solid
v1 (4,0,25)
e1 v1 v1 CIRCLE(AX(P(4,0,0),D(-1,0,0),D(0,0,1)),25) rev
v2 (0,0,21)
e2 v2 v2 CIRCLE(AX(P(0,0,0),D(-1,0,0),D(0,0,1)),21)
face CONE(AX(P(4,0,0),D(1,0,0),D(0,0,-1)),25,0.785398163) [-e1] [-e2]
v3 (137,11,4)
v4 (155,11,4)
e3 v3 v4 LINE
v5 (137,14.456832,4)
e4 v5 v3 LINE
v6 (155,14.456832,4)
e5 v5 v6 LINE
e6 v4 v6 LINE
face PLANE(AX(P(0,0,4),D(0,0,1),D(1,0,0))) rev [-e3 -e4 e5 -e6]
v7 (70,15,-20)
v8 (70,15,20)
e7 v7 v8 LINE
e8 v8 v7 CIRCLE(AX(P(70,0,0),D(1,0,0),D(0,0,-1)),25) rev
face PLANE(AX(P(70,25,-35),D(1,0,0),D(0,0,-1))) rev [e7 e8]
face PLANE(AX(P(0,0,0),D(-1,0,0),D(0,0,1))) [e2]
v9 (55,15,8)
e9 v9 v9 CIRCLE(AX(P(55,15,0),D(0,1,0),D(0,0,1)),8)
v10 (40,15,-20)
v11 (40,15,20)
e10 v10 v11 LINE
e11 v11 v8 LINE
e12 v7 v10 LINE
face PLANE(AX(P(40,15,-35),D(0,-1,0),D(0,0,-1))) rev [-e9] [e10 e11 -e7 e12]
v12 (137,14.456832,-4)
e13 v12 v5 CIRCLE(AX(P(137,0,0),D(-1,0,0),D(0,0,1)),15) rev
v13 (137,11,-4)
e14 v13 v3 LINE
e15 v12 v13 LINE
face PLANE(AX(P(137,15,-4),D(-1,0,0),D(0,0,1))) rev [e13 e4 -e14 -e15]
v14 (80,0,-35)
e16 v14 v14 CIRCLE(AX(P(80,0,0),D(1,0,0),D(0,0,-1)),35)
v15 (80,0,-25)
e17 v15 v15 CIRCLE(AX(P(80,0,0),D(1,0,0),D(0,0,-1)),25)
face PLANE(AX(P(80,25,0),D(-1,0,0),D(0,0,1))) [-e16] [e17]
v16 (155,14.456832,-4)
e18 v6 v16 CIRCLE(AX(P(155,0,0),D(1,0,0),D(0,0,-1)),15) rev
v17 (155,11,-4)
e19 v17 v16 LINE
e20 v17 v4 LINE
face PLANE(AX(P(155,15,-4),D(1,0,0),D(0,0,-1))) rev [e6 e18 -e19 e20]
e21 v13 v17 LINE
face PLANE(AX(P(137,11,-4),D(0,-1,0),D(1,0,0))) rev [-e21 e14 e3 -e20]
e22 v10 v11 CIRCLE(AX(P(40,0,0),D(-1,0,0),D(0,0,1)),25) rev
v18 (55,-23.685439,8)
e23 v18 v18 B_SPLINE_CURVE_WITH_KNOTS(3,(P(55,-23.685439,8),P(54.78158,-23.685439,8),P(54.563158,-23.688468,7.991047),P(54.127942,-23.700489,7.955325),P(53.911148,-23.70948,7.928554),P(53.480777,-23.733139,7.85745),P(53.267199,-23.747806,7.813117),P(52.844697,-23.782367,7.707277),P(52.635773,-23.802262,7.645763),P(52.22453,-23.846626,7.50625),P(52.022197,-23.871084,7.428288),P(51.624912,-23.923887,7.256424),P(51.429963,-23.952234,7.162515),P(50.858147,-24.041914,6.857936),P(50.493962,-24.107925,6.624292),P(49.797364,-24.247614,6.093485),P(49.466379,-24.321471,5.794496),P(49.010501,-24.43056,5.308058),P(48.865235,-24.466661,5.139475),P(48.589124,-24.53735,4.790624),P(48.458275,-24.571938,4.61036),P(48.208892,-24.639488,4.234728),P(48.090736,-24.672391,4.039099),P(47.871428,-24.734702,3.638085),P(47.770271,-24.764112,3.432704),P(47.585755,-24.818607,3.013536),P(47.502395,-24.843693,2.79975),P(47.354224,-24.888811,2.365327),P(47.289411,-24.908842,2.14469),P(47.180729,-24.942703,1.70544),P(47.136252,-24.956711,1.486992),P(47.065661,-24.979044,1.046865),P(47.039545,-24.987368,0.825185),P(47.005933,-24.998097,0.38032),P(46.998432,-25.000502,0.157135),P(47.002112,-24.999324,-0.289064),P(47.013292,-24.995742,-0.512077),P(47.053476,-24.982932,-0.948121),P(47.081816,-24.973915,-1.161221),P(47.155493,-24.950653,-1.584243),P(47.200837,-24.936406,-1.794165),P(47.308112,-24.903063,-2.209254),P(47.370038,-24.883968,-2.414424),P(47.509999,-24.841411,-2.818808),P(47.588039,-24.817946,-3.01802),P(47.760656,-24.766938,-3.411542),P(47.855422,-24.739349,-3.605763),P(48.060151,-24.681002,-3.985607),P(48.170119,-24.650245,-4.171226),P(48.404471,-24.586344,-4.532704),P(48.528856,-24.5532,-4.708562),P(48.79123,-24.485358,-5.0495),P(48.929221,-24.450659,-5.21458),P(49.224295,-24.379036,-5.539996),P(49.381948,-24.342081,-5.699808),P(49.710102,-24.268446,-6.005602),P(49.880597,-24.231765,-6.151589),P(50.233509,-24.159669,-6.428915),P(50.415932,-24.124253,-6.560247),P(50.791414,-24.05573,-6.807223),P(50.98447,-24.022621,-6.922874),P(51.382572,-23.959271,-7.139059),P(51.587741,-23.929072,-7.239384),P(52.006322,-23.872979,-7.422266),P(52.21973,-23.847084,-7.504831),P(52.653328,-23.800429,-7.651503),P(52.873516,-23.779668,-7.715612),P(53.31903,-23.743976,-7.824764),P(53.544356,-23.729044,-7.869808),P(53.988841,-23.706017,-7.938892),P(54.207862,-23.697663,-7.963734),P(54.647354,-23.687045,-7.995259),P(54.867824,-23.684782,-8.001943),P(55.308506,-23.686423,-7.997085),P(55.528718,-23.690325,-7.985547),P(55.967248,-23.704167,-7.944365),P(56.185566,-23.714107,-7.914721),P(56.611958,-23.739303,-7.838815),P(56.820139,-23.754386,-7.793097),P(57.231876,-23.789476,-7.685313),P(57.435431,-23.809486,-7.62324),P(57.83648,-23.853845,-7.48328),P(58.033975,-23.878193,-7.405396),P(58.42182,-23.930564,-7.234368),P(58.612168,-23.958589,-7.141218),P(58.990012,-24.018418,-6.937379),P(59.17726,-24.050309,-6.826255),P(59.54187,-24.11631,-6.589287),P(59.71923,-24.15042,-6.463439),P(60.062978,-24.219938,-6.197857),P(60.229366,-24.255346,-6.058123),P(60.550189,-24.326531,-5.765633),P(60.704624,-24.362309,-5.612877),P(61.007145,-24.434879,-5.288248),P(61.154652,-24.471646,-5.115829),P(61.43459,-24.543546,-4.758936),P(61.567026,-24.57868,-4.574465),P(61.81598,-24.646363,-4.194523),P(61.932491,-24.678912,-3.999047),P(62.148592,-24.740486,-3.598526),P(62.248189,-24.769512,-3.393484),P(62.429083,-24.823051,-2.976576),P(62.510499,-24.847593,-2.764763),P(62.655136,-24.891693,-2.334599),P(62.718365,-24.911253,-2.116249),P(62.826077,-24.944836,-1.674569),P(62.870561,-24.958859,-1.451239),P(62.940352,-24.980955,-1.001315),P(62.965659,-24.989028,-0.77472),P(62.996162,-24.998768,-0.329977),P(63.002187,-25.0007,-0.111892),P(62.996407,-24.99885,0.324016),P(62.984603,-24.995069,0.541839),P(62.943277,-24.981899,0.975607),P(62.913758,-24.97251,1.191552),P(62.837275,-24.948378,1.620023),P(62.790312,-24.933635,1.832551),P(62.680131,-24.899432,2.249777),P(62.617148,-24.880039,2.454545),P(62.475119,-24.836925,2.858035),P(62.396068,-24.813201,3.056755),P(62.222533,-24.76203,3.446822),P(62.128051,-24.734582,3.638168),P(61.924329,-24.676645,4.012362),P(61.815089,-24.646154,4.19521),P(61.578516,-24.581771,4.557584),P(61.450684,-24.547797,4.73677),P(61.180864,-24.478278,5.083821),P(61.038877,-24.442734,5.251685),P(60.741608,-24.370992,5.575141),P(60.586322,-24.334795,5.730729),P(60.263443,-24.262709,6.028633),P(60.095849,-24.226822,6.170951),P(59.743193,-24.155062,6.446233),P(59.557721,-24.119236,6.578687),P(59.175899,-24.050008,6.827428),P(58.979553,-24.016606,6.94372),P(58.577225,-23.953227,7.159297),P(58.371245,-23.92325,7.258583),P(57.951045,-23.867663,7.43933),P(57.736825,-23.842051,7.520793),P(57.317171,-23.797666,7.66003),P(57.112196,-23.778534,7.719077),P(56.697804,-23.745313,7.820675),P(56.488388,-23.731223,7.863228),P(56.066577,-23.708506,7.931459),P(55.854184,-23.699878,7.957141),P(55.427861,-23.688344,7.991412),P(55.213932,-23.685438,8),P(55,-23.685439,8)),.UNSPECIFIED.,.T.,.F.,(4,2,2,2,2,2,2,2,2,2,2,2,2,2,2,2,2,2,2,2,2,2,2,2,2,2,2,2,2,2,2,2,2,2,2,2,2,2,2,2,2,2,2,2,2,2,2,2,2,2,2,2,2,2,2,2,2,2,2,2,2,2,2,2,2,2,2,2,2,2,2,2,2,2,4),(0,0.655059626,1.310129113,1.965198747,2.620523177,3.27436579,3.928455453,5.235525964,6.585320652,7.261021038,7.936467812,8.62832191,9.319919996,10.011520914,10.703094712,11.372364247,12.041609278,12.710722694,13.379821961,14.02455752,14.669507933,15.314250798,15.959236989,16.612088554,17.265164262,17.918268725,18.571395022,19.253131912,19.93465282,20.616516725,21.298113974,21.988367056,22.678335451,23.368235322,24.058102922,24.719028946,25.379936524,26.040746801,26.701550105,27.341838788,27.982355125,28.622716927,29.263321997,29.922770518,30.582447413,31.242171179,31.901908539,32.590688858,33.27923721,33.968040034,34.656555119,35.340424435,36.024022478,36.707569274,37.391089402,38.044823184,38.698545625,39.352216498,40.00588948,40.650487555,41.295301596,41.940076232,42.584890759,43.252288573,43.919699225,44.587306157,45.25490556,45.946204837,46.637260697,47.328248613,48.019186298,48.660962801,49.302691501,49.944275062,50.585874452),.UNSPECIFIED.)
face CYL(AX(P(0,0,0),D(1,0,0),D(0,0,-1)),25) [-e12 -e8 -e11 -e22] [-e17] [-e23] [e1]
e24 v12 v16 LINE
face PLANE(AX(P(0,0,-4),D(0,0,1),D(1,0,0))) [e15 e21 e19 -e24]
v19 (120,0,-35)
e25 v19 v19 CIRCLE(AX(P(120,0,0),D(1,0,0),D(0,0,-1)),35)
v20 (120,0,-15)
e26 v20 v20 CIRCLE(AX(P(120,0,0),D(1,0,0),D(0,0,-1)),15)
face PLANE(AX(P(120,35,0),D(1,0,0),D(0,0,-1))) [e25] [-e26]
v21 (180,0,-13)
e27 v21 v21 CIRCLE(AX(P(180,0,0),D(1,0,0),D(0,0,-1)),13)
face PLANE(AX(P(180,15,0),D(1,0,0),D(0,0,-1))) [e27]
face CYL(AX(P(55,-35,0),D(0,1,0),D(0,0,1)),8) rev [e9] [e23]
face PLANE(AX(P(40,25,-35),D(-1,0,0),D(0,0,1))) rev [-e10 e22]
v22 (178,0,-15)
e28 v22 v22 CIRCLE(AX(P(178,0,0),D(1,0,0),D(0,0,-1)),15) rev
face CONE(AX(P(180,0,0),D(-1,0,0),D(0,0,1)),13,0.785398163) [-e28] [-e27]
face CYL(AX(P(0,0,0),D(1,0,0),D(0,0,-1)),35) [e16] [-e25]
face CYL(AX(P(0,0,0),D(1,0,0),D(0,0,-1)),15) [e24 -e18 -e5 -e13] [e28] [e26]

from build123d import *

# Parameters (mm, degrees)
CUT_EXTRUDE_7_DEPTH      = 187.681547026
CUT_EXTRUDE_7_DEPTH_BACK = 187.681547026
SKETCH_10_W              = 30
SKETCH_10_H              = 10
SKETCH_14_R              = 8
CUT_EXTRUDE_8_DEPTH      = 191.065778087
SKETCH_6_W               = 18
SKETCH_6_H               = 4
CUT_EXTRUDE_4_DEPTH      = 4
CHAMFER_3_SIZE           = 2
CHAMFER_4_SIZE           = 4


with BuildPart() as part:
    # Эскиз1 → Повернуть1 (revolve)
    with BuildSketch(Plane.XY, mode=Mode.PRIVATE) as revolve_1_sk:
        Polygon((0, 0), (0, 25), (80, 25), (80, 35), (120, 35), (120, 15), (180, 15), (180, 0), align=None)
    revolve(revolve_1_sk.sketch.rotate(Axis((0, 0, 0), (-1, 0, 0)), 90), axis=Axis((0, 0, 0), (-1, 0, 0)))

    # Эскиз10 → Вырез-Вытянуть7 (cut, two sides: drawn at the far end of the back side and taken through both)
    with BuildSketch(Plane.XY.offset(-CUT_EXTRUDE_7_DEPTH_BACK)):
        with Locations((55, 20)):
            Rectangle(SKETCH_10_W, SKETCH_10_H)
    extrude(amount=CUT_EXTRUDE_7_DEPTH + CUT_EXTRUDE_7_DEPTH_BACK, mode=Mode.SUBTRACT)

    # Эскиз14 → Вырез-Вытянуть8 (cut, through all)
    with BuildSketch(Plane(origin=(0, 15, 0), x_dir=(1, 0, 0), z_dir=(0, 1, 0))):
        with Locations(Location((55, 0, 0), (0, 0, 270))):
            Circle(SKETCH_14_R)
    extrude(amount=-CUT_EXTRUDE_8_DEPTH, mode=Mode.SUBTRACT)

    # Эскиз6 → Вырез-Вытянуть4 (cut, symmetric)
    with BuildSketch(Plane.XY):
        with Locations((146, 13)):
            Rectangle(SKETCH_6_W, SKETCH_6_H)
    extrude(amount=CUT_EXTRUDE_4_DEPTH, both=True, mode=Mode.SUBTRACT)

    # Фаска3
    chamfer_3_edges = [part.edges().sort_by_distance(p)[0] for p in [
        (180, 0, 15),
    ]]
    chamfer(chamfer_3_edges, length=CHAMFER_3_SIZE)

    # Фаска4
    chamfer_4_edges = [part.edges().sort_by_distance(p)[0] for p in [
        (0, 0, 25),
    ]]
    chamfer(chamfer_4_edges, length=CHAMFER_4_SIZE)


solid = part.part
